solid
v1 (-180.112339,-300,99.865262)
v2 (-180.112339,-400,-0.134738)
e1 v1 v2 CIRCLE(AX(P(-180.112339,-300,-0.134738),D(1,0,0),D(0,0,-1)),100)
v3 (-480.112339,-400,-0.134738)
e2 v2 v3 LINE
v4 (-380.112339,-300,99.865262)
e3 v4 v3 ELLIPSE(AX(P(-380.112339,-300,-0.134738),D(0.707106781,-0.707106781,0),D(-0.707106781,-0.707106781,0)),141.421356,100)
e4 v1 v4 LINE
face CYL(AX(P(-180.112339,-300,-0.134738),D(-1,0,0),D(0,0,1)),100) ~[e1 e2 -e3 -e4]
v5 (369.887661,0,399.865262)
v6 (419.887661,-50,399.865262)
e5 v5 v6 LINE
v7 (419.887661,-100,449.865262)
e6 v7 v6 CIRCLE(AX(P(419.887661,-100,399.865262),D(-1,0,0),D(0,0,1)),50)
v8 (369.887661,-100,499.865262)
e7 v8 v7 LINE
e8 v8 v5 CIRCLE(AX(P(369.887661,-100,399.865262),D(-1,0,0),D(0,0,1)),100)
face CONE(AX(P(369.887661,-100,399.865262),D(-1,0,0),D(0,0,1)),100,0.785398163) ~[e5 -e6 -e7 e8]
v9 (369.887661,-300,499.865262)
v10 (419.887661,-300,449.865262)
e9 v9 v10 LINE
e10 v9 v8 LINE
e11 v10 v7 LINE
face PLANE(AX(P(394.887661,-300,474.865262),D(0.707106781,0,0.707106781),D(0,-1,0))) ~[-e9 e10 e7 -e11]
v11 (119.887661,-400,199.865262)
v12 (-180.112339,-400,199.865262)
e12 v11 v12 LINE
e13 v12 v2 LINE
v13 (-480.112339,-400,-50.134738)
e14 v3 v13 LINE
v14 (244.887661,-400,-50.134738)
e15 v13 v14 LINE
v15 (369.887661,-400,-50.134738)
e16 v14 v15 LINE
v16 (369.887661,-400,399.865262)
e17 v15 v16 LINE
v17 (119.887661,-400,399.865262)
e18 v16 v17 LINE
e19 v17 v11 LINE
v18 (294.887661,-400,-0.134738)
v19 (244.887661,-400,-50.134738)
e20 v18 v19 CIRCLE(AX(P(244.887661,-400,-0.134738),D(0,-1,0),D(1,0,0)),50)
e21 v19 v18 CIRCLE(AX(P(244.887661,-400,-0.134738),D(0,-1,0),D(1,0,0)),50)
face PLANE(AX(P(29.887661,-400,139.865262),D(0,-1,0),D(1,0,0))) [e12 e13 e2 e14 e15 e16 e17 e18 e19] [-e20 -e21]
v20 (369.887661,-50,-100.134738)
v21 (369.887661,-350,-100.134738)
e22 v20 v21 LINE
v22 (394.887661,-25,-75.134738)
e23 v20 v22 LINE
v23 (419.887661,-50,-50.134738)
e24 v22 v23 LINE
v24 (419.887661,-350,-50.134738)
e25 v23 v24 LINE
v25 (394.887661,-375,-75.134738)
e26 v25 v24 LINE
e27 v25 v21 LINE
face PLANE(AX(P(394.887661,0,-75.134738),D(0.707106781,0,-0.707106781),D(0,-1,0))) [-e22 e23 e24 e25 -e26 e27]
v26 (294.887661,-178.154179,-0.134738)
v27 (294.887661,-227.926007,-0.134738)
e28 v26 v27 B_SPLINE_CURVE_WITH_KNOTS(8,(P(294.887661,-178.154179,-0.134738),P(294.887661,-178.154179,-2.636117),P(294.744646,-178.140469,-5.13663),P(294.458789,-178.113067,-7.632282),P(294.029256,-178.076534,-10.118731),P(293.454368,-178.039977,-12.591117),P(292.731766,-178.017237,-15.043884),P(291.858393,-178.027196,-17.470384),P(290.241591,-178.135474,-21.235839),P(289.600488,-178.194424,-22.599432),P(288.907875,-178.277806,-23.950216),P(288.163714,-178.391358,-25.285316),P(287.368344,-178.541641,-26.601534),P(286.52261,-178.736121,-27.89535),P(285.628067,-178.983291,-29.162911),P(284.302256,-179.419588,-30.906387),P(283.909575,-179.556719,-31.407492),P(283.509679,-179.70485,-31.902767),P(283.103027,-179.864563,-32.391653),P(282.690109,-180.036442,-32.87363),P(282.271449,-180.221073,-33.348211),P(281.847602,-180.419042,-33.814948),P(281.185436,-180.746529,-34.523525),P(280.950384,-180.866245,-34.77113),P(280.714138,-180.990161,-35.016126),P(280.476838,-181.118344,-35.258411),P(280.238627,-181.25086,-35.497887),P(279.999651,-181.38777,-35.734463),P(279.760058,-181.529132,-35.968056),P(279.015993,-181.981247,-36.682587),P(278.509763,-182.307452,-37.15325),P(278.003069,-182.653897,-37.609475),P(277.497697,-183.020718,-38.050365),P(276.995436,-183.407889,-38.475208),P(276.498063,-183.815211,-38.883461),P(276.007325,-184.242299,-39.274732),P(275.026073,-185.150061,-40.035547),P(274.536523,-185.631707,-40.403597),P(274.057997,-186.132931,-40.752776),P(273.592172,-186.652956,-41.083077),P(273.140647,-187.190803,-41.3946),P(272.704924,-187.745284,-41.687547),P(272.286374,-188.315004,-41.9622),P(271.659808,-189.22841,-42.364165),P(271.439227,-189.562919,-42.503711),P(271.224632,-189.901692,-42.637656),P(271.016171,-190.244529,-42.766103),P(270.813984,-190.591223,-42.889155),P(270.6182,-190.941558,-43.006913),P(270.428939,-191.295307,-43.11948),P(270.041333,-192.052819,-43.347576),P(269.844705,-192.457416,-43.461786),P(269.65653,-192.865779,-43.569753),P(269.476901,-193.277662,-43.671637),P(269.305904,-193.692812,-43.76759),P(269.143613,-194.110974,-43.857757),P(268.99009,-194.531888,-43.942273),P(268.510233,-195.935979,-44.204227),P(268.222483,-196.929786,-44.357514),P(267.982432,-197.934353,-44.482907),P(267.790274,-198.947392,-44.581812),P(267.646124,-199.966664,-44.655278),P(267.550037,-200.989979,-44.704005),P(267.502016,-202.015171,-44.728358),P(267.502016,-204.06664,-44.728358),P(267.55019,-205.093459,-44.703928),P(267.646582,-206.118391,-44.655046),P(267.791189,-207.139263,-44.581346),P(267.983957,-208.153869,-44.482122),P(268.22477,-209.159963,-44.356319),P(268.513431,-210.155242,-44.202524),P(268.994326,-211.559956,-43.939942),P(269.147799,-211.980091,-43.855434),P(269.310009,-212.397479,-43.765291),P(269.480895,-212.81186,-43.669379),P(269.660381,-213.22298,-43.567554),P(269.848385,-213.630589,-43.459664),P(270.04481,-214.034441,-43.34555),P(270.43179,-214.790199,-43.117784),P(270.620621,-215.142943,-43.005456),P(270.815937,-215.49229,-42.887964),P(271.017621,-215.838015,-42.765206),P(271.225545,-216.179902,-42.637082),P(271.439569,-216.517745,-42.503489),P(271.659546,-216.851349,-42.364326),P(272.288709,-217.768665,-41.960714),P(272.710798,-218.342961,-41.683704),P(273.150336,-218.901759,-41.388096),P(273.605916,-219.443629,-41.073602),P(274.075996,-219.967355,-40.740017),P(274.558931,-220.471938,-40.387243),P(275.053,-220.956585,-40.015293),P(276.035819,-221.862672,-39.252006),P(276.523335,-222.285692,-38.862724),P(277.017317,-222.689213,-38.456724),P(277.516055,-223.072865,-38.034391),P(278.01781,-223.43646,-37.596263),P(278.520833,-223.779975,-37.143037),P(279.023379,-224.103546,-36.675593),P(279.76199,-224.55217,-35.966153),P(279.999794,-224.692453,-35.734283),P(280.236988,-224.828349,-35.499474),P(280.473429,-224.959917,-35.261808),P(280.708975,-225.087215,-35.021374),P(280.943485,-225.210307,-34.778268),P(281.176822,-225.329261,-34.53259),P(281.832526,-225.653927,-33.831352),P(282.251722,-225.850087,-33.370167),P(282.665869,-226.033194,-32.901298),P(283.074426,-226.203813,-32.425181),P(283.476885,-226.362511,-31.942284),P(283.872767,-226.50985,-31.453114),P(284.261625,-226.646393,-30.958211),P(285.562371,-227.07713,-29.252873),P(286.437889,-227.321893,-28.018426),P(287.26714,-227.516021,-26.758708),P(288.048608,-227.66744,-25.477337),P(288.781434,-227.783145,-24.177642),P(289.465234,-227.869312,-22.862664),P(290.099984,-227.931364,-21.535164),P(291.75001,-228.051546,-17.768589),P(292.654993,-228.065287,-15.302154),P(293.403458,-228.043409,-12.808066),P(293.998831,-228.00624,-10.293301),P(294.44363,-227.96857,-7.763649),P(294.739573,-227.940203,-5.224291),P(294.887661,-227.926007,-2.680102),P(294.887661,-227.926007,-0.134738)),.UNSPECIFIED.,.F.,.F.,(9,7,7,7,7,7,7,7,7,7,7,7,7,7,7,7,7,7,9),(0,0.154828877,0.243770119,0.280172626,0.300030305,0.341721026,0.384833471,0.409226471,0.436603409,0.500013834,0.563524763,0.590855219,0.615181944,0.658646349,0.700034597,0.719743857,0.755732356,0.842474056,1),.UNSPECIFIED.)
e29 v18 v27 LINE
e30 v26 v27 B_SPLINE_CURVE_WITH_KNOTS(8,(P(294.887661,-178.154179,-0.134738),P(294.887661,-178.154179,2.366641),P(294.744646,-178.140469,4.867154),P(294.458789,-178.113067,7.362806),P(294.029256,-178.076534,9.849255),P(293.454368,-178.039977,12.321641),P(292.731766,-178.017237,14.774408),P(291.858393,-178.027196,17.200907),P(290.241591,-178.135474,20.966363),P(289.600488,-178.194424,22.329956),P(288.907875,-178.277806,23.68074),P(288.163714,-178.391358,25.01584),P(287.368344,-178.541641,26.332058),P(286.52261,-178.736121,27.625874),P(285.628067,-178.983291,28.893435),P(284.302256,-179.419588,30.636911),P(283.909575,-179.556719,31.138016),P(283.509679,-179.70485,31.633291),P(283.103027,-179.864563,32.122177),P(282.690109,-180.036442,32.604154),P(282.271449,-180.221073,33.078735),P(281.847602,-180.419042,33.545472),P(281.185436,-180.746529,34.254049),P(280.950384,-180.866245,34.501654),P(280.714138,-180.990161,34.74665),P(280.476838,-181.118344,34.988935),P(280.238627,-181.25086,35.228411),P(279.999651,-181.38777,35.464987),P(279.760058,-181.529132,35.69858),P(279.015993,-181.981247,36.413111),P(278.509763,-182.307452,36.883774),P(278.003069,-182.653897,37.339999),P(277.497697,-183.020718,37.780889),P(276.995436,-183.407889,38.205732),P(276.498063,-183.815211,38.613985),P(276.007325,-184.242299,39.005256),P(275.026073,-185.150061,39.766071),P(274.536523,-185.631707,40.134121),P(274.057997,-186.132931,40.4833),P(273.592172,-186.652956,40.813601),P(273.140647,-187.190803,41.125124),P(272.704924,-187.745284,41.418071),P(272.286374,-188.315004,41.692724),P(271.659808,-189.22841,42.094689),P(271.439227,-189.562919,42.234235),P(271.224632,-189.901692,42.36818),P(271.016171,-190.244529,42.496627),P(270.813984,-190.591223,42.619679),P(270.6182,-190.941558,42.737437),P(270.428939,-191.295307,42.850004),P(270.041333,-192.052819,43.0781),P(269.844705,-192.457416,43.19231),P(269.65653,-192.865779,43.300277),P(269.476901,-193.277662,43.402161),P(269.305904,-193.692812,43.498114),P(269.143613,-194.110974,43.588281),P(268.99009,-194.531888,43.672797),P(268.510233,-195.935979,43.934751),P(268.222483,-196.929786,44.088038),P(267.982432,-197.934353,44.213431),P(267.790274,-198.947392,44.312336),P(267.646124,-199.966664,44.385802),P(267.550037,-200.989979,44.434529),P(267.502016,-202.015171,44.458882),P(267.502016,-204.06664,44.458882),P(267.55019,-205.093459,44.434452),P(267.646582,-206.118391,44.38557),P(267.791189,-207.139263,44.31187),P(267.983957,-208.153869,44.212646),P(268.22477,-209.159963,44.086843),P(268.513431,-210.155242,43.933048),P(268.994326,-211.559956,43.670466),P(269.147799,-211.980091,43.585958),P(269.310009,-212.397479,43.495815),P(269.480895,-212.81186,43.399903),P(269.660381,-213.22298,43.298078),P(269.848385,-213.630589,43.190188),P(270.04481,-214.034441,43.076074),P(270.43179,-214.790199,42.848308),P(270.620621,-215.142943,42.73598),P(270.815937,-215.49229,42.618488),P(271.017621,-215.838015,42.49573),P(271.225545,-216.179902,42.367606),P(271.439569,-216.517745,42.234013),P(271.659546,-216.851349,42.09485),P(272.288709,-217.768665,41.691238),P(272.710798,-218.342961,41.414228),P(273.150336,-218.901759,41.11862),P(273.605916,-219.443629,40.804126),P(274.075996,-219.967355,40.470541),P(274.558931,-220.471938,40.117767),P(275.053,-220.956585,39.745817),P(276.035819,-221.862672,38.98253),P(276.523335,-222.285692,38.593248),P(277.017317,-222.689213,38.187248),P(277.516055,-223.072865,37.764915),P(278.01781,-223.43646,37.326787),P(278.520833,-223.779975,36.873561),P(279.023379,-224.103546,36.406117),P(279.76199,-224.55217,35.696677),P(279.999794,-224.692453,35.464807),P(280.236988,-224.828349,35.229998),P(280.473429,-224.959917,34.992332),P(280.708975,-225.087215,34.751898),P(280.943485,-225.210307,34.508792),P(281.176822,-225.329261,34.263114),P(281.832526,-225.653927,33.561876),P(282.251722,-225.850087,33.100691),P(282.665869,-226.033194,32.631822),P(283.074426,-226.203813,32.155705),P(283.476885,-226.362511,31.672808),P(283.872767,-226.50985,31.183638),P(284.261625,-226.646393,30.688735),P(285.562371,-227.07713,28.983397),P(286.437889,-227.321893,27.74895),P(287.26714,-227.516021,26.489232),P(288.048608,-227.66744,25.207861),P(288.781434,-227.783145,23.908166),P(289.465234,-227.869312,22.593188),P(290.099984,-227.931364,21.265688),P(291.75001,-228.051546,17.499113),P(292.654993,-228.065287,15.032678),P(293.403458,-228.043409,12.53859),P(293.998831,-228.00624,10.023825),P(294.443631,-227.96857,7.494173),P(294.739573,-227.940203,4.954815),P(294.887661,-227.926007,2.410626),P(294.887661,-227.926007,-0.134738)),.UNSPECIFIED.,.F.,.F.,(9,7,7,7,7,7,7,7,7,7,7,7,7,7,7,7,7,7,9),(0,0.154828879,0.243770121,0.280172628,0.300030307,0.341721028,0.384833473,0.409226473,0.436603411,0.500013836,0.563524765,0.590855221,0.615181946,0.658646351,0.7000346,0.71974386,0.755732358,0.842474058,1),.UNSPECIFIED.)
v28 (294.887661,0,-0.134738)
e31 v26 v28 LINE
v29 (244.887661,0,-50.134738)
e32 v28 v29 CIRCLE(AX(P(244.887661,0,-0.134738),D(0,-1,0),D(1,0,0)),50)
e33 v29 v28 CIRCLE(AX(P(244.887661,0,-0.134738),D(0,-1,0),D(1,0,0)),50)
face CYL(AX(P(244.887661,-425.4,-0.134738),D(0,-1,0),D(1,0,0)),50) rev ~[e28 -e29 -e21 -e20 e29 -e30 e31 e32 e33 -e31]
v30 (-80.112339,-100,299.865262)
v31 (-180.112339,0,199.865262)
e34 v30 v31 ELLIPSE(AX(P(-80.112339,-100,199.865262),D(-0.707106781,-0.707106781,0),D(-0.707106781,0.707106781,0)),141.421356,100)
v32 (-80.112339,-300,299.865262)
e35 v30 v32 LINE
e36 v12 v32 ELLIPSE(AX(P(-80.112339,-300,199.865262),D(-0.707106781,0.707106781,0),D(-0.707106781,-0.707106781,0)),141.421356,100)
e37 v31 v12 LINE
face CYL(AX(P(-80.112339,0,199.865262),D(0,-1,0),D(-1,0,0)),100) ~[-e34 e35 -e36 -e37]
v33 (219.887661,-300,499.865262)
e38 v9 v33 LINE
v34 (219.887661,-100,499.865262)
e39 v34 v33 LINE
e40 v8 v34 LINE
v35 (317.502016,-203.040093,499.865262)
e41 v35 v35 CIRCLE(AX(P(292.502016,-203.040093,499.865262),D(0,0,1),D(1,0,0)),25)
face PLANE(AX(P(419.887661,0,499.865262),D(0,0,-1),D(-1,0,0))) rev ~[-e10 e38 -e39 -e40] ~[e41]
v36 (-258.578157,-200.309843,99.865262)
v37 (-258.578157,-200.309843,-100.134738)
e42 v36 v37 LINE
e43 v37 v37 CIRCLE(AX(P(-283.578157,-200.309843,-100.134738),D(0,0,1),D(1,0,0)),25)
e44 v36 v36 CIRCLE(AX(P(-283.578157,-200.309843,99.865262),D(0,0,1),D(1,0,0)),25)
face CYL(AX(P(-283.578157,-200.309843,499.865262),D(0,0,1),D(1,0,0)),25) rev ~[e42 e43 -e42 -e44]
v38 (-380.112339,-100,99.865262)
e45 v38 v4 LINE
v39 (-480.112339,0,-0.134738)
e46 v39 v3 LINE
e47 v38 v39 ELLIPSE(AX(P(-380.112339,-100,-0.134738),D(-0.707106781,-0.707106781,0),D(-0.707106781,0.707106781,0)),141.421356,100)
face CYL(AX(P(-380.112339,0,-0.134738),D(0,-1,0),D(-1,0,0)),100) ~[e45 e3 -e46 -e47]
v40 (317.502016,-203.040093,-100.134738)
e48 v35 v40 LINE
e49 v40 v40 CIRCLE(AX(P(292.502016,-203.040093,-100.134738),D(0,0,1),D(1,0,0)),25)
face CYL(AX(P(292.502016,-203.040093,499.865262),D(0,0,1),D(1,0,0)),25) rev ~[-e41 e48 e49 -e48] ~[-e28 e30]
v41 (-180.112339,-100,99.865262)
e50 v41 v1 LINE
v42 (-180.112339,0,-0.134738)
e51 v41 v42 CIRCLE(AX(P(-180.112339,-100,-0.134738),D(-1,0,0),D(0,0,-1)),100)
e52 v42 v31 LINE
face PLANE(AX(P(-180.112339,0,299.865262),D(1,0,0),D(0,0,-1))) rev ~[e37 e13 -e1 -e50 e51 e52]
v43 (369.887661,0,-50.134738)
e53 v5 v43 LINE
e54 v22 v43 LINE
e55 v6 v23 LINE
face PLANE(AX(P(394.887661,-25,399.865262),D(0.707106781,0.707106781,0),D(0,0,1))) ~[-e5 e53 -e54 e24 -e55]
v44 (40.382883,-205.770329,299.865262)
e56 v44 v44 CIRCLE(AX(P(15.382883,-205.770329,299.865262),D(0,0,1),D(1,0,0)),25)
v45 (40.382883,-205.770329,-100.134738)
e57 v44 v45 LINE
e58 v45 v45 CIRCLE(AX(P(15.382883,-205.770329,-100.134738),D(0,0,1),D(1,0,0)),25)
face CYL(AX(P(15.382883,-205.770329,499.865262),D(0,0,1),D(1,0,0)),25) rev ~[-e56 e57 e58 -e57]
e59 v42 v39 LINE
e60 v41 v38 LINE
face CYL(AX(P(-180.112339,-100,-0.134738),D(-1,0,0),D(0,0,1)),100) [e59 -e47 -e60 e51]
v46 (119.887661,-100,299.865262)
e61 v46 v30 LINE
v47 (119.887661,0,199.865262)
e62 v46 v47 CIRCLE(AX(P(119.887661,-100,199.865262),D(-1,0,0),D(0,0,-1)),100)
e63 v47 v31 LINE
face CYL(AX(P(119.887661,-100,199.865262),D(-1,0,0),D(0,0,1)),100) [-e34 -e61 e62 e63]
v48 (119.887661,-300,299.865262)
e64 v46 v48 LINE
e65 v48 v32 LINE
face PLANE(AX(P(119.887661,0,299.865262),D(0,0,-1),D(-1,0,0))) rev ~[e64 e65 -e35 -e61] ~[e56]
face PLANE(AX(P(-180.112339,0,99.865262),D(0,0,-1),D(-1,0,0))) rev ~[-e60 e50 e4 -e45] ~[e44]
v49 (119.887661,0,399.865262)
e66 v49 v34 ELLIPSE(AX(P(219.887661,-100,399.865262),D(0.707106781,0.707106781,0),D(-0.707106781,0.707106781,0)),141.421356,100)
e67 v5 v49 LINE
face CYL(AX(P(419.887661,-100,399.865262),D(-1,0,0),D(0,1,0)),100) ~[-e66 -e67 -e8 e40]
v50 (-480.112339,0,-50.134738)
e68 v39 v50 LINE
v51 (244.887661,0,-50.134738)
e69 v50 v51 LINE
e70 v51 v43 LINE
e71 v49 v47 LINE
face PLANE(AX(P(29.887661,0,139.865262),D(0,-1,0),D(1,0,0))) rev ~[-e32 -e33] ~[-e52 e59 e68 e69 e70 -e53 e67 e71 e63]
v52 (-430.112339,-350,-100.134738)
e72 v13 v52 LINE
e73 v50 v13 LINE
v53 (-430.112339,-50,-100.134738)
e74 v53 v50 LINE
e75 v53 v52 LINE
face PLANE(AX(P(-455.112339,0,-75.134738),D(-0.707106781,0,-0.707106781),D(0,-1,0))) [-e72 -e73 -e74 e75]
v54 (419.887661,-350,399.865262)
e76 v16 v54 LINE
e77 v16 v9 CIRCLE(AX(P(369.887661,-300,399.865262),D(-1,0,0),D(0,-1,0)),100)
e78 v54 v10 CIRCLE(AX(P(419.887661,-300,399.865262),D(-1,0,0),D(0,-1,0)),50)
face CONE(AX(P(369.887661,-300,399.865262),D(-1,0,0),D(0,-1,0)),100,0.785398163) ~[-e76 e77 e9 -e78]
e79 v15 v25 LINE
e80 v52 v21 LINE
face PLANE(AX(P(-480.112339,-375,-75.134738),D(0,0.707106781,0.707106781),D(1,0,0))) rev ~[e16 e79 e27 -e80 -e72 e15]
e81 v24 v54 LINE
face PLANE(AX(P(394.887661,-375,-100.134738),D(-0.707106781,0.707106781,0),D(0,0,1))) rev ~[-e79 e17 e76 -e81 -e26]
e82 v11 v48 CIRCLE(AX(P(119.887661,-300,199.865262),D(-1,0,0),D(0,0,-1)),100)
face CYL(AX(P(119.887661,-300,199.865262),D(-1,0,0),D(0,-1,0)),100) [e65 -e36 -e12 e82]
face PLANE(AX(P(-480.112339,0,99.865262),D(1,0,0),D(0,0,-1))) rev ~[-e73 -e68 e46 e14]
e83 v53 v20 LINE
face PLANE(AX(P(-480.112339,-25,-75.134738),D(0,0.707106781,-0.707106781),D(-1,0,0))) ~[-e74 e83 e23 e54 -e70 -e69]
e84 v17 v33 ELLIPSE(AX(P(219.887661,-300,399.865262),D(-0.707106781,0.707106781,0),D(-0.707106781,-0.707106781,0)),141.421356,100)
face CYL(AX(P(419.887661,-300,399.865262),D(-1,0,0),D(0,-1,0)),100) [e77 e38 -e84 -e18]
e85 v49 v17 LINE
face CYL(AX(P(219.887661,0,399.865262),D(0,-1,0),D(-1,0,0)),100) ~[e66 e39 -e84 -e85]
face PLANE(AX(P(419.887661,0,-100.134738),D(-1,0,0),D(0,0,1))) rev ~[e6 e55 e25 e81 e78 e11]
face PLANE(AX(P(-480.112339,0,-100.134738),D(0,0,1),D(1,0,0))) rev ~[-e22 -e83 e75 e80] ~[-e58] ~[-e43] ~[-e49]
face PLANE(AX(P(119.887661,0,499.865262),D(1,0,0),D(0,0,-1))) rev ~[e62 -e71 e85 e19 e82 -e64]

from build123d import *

# Parameters (mm, degrees)
F1_DEPTH  = 400
F2_R      = 100
F3_R      = 100
F4_R      = 100
F5_SIZE   = 50
F6_SIZE   = 50
F7_R      = 50
F8_DEPTH  = 25.4
F8_FACE_R = 50
F9_DEPTH  = 425.401
F10_R     = 25
F11_DEPTH = 600.001


with BuildPart() as f1:
    # F0 (on Front) → F1 (new body)
    with BuildSketch(Plane.XZ):
        Polygon((-480.112339, 99.865262), (-480.112339, -100.134738), (419.887661, -100.134738), (419.887661, 499.865262), (119.887661, 499.865262), (119.887661, 299.865262), (-180.112339, 299.865262), (-180.112339, 99.865262), align=None)
    extrude(amount=F1_DEPTH)

    # F2
    f2_edges = [f1.edges().sort_by_distance(p)[0] for p in [
        (-330.112339, 0, 99.865262),
        (-330.112339, -400, 99.865262),
        (-480.112339, -200, 99.865262),
    ]]
    fillet(f2_edges, radius=F2_R)

    # F3
    f3_edges = [f1.edges().sort_by_distance(p)[0] for p in [
        (-30.112339, 0, 299.865262),
        (-180.112339, -200, 299.865262),
        (-30.112339, -400, 299.865262),
    ]]
    fillet(f3_edges, radius=F3_R)

    # F4
    f4_edges = [f1.edges().sort_by_distance(p)[0] for p in [
        (269.887661, 0, 499.865262),
        (119.887661, -200, 499.865262),
        (269.887661, -400, 499.865262),
    ]]
    fillet(f4_edges, radius=F4_R)

    # F5
    f5_edges = [f1.edges().sort_by_distance(p)[0] for p in [
        (419.887661, -400, 149.865262),
        (419.887661, -200, -100.134738),
    ]]
    chamfer(f5_edges, length=F5_SIZE)

    # F6
    f6_edges = [f1.edges().sort_by_distance(p)[0] for p in [
        (-55.112339, -400, -100.134738),
        (-480.112339, -200, -100.134738),
        (-55.112339, 0, -100.134738),
    ]]
    chamfer(f6_edges, length=F6_SIZE)

    # F7 (on face) → F8 (join)
    with BuildSketch(Plane.XZ.offset(400)):
        with Locations((244.887661, -0.134738)):
            Circle(F7_R)
    extrude(amount=F8_DEPTH)

    # F8_face (on face) → F9 (cut, through all)
    with BuildSketch(Plane(origin=(244.887661, -425.4, -0.134738), x_dir=(1, 0, 0), z_dir=(0, -1, 0))):
        Circle(F8_FACE_R)
    extrude(amount=-F9_DEPTH, mode=Mode.SUBTRACT)

    # F10 (on face) → F11 (cut, through all)
    with BuildSketch(Plane.XY.offset(499.865262)):
        with Locations((292.502016, -203.040093)):
            Circle(F10_R)
        with Locations((15.382883, -205.770329)):
            Circle(F10_R)
        with Locations((-283.578157, -200.309843)):
            Circle(F10_R)
    extrude(amount=-F11_DEPTH, mode=Mode.SUBTRACT)


solid = f1.part
